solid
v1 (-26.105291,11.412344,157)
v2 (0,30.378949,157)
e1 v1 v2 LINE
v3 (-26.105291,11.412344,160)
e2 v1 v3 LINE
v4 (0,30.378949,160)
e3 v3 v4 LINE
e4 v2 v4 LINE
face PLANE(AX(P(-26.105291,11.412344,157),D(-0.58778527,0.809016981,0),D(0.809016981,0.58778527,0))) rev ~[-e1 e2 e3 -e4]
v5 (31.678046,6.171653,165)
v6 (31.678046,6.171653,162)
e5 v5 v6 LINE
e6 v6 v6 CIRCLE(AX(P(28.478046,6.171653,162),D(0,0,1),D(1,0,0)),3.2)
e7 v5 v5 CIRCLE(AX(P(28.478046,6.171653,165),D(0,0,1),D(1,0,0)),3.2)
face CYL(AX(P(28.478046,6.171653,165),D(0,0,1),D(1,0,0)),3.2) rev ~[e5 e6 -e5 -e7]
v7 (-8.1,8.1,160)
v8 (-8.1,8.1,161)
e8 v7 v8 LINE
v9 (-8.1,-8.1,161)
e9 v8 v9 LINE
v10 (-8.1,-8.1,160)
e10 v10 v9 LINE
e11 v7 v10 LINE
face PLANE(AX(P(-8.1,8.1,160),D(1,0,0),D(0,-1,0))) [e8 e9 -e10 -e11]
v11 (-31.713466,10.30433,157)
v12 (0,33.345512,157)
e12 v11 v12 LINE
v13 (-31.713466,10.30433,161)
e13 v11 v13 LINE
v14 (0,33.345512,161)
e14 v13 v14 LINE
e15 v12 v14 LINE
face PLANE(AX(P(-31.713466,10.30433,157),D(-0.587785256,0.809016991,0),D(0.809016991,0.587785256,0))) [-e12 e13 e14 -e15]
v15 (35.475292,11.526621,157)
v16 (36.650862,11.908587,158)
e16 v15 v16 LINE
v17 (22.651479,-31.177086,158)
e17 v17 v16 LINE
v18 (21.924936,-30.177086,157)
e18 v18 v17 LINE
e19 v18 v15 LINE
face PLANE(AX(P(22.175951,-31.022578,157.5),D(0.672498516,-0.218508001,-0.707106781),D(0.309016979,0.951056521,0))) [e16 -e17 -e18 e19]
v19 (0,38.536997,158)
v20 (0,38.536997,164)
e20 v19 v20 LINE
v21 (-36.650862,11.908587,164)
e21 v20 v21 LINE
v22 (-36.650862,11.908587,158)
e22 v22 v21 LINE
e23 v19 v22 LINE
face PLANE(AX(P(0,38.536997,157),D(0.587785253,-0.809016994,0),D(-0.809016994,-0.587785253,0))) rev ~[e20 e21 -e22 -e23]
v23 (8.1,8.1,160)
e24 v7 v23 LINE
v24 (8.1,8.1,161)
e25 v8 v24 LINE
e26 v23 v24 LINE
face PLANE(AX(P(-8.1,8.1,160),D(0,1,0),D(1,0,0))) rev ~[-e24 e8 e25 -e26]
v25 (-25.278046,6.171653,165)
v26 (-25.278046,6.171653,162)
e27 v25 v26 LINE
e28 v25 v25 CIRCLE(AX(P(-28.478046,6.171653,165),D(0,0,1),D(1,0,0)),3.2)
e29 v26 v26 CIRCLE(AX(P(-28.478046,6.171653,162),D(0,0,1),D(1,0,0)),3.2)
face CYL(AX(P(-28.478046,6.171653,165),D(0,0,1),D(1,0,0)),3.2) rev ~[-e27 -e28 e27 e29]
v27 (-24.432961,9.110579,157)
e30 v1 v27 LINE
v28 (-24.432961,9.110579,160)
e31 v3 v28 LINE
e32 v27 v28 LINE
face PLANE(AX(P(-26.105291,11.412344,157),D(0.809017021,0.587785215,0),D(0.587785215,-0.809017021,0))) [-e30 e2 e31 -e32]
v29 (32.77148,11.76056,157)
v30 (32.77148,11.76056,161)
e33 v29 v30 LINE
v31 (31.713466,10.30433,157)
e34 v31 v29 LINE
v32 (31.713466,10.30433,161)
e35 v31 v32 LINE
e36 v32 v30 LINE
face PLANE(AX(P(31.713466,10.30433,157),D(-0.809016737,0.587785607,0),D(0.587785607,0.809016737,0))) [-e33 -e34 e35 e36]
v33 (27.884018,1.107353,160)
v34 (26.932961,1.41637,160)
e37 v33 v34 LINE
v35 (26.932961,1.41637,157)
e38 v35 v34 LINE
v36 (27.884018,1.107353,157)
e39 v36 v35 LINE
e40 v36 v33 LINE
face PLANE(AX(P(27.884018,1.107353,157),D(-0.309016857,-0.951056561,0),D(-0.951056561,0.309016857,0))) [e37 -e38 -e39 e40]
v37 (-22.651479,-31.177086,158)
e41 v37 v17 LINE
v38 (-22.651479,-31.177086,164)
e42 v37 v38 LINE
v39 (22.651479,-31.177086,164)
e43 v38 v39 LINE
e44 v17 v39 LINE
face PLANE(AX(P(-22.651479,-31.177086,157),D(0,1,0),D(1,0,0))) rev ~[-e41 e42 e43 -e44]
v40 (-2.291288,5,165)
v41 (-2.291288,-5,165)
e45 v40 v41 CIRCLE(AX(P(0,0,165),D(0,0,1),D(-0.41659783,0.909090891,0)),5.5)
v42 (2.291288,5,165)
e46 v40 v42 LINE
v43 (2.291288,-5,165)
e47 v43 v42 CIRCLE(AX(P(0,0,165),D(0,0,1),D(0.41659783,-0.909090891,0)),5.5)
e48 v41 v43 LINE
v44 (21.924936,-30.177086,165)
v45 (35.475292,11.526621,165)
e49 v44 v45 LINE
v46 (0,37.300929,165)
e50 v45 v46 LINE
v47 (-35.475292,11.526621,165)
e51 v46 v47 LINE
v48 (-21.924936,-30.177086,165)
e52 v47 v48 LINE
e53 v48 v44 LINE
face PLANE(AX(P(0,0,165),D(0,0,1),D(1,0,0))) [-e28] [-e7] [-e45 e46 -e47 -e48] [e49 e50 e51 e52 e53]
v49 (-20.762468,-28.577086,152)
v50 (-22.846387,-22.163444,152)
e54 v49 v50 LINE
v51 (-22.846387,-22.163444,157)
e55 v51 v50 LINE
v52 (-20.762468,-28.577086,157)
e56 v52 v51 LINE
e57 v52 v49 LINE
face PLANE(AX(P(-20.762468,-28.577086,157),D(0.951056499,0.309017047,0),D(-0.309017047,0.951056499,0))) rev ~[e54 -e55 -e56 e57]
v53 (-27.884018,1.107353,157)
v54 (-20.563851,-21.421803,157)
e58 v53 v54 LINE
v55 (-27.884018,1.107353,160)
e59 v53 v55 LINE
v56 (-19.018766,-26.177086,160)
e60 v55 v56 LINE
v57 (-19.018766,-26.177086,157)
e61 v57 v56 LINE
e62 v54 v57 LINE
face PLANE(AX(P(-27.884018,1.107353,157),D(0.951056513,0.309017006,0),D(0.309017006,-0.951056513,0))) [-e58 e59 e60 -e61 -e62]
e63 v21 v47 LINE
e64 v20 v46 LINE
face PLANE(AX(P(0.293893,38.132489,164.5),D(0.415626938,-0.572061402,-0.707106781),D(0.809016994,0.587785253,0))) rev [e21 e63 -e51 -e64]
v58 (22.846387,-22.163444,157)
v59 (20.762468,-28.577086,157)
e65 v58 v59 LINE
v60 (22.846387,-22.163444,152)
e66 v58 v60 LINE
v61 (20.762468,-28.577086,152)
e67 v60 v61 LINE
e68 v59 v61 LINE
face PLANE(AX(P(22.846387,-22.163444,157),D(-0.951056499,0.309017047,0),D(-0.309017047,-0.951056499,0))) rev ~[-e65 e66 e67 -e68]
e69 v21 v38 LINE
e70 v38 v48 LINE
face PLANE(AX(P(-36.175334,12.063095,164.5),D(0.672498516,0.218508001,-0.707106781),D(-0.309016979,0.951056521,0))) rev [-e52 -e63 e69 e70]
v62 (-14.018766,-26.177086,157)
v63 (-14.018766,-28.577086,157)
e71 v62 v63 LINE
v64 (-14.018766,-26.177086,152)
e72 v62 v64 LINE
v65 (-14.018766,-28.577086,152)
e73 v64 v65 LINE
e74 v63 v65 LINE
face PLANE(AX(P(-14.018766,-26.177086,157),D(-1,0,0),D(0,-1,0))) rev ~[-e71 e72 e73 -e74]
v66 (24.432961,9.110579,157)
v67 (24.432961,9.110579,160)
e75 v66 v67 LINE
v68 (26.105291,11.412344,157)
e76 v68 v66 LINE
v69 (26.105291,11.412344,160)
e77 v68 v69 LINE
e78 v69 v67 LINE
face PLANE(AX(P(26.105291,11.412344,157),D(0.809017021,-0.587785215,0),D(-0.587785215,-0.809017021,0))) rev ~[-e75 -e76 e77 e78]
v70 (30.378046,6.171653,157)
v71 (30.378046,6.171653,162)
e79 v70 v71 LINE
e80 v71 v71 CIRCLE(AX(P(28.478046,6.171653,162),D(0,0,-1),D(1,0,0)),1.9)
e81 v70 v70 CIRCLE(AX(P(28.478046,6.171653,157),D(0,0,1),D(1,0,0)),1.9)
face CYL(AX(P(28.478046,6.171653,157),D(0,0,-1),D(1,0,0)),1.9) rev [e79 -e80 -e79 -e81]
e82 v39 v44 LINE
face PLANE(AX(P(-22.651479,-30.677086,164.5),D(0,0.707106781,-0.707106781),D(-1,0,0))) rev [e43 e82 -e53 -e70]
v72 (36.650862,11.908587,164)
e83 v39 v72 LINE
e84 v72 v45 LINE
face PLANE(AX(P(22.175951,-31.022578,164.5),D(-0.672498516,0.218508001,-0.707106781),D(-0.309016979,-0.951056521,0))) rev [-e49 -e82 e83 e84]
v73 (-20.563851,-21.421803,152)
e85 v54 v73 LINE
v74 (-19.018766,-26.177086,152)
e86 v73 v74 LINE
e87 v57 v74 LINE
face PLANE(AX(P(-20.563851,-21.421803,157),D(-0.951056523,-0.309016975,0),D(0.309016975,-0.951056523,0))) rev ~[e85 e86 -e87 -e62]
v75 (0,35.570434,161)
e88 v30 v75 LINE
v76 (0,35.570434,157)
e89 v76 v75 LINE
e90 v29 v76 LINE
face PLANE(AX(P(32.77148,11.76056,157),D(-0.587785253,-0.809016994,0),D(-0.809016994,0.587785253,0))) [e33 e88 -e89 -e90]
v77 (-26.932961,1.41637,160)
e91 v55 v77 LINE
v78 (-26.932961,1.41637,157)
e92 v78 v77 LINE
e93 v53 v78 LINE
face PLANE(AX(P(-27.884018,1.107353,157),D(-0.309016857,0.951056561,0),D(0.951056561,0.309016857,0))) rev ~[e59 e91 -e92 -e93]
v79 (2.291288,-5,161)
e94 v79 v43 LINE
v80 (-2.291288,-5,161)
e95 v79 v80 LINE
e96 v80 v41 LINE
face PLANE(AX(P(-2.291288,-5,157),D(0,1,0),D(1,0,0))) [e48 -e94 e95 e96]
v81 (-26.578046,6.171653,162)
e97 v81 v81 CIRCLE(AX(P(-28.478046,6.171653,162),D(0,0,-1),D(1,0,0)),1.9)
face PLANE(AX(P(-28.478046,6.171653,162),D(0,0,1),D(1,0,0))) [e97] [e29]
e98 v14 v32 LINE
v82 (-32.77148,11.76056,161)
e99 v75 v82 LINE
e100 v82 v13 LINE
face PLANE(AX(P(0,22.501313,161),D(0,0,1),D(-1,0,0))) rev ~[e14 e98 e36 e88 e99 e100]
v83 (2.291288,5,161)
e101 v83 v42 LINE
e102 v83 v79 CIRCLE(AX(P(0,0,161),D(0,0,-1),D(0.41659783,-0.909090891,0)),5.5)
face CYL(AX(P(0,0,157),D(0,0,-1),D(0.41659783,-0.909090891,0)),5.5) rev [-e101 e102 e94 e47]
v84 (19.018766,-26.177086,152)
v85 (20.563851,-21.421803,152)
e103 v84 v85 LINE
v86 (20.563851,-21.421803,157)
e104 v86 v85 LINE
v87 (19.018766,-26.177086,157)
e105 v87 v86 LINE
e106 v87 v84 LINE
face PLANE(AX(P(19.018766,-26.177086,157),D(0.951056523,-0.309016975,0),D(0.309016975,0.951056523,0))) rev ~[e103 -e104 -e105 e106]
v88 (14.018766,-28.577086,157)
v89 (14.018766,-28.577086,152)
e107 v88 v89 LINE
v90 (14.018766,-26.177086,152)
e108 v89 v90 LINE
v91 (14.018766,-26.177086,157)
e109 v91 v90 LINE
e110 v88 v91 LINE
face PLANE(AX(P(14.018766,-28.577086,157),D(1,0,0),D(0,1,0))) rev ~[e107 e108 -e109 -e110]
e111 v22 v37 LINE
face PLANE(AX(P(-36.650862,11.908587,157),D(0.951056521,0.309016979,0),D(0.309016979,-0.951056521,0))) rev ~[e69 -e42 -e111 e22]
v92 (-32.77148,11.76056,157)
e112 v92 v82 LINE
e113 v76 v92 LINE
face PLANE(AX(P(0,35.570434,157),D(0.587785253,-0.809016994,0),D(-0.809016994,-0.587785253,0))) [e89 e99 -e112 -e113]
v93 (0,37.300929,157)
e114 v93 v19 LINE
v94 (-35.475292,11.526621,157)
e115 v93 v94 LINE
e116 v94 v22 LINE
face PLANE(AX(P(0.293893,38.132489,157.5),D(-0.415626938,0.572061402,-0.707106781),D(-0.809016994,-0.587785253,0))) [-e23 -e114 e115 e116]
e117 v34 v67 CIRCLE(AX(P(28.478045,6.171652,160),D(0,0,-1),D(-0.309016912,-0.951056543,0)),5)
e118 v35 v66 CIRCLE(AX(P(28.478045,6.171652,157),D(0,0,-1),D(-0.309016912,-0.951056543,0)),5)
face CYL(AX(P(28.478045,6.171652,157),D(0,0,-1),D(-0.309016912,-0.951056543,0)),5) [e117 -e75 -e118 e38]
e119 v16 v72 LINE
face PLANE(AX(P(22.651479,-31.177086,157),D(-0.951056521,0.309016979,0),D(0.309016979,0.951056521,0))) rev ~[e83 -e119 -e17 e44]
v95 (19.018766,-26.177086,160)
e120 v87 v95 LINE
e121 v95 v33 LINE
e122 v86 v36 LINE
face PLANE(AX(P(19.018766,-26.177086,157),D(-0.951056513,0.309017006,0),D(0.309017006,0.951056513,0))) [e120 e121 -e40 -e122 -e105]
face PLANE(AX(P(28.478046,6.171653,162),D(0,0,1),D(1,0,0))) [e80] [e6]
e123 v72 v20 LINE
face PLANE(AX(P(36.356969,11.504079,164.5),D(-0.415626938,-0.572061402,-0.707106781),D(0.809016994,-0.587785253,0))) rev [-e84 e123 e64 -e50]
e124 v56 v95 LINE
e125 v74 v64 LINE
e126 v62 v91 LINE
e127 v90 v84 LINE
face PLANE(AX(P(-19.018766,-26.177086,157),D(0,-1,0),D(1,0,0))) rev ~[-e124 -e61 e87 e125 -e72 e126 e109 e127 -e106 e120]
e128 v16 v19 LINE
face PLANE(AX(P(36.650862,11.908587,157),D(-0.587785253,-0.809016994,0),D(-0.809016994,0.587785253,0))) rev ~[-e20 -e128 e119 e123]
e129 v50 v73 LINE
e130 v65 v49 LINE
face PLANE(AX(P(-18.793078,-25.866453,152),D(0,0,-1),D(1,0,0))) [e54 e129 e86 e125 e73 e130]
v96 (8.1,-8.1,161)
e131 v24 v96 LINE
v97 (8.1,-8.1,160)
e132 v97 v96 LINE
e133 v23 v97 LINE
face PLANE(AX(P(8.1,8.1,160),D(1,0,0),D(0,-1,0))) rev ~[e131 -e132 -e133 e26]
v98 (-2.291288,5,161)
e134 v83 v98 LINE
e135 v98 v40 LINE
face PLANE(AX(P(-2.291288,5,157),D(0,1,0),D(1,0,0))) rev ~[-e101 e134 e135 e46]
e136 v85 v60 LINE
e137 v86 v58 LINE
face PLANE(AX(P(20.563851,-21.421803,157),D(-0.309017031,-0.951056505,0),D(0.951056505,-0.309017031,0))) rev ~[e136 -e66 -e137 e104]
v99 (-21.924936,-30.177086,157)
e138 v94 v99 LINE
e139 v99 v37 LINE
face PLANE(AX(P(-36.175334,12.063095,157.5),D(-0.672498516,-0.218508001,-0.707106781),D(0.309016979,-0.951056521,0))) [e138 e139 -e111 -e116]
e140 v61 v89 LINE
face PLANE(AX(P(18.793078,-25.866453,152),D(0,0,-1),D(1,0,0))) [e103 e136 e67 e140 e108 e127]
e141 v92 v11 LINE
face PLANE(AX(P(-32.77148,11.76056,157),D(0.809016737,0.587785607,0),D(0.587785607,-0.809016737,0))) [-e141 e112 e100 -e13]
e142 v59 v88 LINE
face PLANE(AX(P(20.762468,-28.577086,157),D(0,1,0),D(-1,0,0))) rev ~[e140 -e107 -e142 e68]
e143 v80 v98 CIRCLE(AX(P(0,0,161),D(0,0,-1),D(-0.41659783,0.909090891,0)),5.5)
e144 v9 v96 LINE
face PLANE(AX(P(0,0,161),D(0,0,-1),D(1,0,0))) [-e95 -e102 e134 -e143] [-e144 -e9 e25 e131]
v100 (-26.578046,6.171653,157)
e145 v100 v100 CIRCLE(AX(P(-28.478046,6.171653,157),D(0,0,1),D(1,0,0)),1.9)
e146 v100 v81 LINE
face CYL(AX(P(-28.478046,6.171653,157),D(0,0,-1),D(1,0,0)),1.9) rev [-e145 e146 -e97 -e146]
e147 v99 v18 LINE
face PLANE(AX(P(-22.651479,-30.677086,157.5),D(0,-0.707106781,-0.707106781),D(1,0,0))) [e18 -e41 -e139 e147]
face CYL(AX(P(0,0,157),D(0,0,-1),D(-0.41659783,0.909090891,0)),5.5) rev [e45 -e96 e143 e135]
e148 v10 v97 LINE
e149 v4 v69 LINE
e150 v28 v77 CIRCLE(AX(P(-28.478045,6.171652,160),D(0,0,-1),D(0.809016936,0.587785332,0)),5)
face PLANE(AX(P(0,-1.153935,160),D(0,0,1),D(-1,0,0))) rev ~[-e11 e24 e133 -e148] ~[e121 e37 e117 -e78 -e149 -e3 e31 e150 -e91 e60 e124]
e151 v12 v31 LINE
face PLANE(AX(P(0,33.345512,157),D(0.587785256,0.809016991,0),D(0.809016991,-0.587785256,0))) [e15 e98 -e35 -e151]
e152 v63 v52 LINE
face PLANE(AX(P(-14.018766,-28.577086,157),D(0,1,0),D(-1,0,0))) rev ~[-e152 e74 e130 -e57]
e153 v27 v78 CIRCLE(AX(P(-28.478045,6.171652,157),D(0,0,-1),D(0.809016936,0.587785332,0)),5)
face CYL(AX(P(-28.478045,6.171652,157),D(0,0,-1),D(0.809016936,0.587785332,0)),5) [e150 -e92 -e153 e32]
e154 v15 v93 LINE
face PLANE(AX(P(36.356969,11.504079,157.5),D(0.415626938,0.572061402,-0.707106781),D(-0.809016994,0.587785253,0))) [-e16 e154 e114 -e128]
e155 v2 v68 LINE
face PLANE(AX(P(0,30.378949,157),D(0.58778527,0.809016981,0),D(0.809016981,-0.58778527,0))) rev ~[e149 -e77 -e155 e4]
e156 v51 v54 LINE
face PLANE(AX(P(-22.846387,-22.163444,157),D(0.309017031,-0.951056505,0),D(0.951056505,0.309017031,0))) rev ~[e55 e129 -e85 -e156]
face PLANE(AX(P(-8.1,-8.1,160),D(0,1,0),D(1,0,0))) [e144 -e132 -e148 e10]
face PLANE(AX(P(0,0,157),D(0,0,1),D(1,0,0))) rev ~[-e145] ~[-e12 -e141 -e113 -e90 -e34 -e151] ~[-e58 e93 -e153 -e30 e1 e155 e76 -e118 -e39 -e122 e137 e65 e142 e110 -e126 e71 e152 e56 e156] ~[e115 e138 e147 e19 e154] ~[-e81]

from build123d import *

# Parameters (mm, degrees)
SKETCH017_R     = 1.9
PAD007_DEPTH    = 8
POCKET010_DEPTH = 3
POCKET011_DEPTH = 4
SKETCH021_W     = 16.2
SKETCH021_H     = 16.2
POCKET012_DEPTH = 1
SKETCH022_R     = 3.2
POCKET013_DEPTH = 3
PAD008_DEPTH    = 5
CHAMFER005_SIZE = 1


with BuildPart() as part:
    # Sketch017 (on Face1 of ShapeBinder001) → Pad007 (new body)
    with BuildSketch(Plane.XY.offset(157)):
        Polygon((0, 38.536997), (-36.650862, 11.908587), (-22.651479, -31.177086), (22.651479, -31.177086), (36.650862, 11.908587), align=None)
        with Locations((-28.478046, 6.171653)):
            Circle(SKETCH017_R, mode=Mode.SUBTRACT)
        with Locations((28.478046, 6.171653)):
            Circle(SKETCH017_R, mode=Mode.SUBTRACT)
        with BuildLine():
            ThreePointArc((-2.291288, 5), (-5.5, 0), (-2.291288, -5))
            Line((-2.291288, -5), (2.291288, -5))
            ThreePointArc((2.291288, -5), (5.5, 0), (2.291288, 5))
            Line((-2.291288, 5), (2.291288, 5))
        make_face(mode=Mode.SUBTRACT)
    extrude(amount=PAD007_DEPTH)

    # Sketch019 (on Face12 of Pad007) → Pocket010 (cut)
    with BuildSketch(Plane(origin=(0, 0, 157), x_dir=(1, 0, 0), z_dir=(0, 0, -1))):
        with BuildLine():
            Line((-27.884018, -1.107353), (-19.018766, 26.177086))
            Line((-19.018766, 26.177086), (19.018766, 26.177086))
            Line((19.018766, 26.177086), (27.884018, -1.107353))
            Line((27.884018, -1.107353), (26.932961, -1.41637))
            ThreePointArc((26.932961, -1.41637), (23.722763, -4.626568), (24.432961, -9.110579))
            Line((26.105291, -11.412344), (24.432961, -9.110579))
            Line((0, -30.378949), (26.105291, -11.412344))
            Line((-26.105291, -11.412344), (0, -30.378949))
            Line((-26.105291, -11.412344), (-24.432961, -9.110579))
            ThreePointArc((-24.432961, -9.110579), (-23.722763, -4.626568), (-26.932961, -1.41637))
            Line((-27.884018, -1.107353), (-26.932961, -1.41637))
        make_face()
    extrude(amount=-POCKET010_DEPTH, mode=Mode.SUBTRACT)

    # CopySketch020 → Pocket011 (cut)
    with BuildSketch(Plane(origin=(0, 0, 157), x_dir=(1, 0, 0), z_dir=(0, 0, -1))):
        Polygon((-31.713466, -10.30433), (0, -33.345512), (31.713466, -10.30433), (32.77148, -11.76056), (0, -35.570434), (-32.77148, -11.76056), align=None)
    extrude(amount=-POCKET011_DEPTH, mode=Mode.SUBTRACT)

    # Sketch021 (on Face31 of Pocket011) → Pocket012 (cut)
    with BuildSketch(Plane(origin=(0, 0, 160), x_dir=(1, 0, 0), z_dir=(0, 0, -1))):
        Rectangle(SKETCH021_W, SKETCH021_H)
    extrude(amount=-POCKET012_DEPTH, mode=Mode.SUBTRACT)

    # Sketch022 (on Face5 of Pocket012) → Pocket013 (cut)
    with BuildSketch(Plane.XY.offset(165)):
        with Locations((-28.478046, 6.171653)):
            Circle(SKETCH022_R)
        with Locations((28.478046, 6.171653)):
            Circle(SKETCH022_R)
    extrude(amount=-POCKET013_DEPTH, mode=Mode.SUBTRACT)

    # Sketch023 (on Face4 of Pocket013) → Pad008 (join)
    with BuildSketch(Plane(origin=(0, 0, 157), x_dir=(1, 0, 0), z_dir=(0, 0, -1))):
        Polygon((-20.563851, 21.421803), (-19.018766, 26.177086), (-14.018766, 26.177086), (-14.018766, 28.577086), (-20.762468, 28.577086), (-22.846387, 22.163444), align=None)
        Polygon((14.018766, 26.177086), (19.018766, 26.177086), (20.563851, 21.421803), (22.846387, 22.163444), (20.762468, 28.577086), (14.018766, 28.577086), align=None)
    extrude(amount=PAD008_DEPTH)

    # Chamfer005
    chamfer005_edges = [part.edges().sort_by_distance(p)[0] for p in [
        (18.325431, 25.222792, 157),
        (-18.325431, 25.222792, 157),
        (29.65117, -9.634249, 157),
        (0, -31.177086, 157),
        (-29.65117, -9.634249, 157),
        (18.325431, 25.222792, 165),
        (29.65117, -9.634249, 165),
        (-18.325431, 25.222792, 165),
        (-29.65117, -9.634249, 165),
        (0, -31.177086, 165),
    ]]
    chamfer(chamfer005_edges, length=CHAMFER005_SIZE)


solid = part.part
